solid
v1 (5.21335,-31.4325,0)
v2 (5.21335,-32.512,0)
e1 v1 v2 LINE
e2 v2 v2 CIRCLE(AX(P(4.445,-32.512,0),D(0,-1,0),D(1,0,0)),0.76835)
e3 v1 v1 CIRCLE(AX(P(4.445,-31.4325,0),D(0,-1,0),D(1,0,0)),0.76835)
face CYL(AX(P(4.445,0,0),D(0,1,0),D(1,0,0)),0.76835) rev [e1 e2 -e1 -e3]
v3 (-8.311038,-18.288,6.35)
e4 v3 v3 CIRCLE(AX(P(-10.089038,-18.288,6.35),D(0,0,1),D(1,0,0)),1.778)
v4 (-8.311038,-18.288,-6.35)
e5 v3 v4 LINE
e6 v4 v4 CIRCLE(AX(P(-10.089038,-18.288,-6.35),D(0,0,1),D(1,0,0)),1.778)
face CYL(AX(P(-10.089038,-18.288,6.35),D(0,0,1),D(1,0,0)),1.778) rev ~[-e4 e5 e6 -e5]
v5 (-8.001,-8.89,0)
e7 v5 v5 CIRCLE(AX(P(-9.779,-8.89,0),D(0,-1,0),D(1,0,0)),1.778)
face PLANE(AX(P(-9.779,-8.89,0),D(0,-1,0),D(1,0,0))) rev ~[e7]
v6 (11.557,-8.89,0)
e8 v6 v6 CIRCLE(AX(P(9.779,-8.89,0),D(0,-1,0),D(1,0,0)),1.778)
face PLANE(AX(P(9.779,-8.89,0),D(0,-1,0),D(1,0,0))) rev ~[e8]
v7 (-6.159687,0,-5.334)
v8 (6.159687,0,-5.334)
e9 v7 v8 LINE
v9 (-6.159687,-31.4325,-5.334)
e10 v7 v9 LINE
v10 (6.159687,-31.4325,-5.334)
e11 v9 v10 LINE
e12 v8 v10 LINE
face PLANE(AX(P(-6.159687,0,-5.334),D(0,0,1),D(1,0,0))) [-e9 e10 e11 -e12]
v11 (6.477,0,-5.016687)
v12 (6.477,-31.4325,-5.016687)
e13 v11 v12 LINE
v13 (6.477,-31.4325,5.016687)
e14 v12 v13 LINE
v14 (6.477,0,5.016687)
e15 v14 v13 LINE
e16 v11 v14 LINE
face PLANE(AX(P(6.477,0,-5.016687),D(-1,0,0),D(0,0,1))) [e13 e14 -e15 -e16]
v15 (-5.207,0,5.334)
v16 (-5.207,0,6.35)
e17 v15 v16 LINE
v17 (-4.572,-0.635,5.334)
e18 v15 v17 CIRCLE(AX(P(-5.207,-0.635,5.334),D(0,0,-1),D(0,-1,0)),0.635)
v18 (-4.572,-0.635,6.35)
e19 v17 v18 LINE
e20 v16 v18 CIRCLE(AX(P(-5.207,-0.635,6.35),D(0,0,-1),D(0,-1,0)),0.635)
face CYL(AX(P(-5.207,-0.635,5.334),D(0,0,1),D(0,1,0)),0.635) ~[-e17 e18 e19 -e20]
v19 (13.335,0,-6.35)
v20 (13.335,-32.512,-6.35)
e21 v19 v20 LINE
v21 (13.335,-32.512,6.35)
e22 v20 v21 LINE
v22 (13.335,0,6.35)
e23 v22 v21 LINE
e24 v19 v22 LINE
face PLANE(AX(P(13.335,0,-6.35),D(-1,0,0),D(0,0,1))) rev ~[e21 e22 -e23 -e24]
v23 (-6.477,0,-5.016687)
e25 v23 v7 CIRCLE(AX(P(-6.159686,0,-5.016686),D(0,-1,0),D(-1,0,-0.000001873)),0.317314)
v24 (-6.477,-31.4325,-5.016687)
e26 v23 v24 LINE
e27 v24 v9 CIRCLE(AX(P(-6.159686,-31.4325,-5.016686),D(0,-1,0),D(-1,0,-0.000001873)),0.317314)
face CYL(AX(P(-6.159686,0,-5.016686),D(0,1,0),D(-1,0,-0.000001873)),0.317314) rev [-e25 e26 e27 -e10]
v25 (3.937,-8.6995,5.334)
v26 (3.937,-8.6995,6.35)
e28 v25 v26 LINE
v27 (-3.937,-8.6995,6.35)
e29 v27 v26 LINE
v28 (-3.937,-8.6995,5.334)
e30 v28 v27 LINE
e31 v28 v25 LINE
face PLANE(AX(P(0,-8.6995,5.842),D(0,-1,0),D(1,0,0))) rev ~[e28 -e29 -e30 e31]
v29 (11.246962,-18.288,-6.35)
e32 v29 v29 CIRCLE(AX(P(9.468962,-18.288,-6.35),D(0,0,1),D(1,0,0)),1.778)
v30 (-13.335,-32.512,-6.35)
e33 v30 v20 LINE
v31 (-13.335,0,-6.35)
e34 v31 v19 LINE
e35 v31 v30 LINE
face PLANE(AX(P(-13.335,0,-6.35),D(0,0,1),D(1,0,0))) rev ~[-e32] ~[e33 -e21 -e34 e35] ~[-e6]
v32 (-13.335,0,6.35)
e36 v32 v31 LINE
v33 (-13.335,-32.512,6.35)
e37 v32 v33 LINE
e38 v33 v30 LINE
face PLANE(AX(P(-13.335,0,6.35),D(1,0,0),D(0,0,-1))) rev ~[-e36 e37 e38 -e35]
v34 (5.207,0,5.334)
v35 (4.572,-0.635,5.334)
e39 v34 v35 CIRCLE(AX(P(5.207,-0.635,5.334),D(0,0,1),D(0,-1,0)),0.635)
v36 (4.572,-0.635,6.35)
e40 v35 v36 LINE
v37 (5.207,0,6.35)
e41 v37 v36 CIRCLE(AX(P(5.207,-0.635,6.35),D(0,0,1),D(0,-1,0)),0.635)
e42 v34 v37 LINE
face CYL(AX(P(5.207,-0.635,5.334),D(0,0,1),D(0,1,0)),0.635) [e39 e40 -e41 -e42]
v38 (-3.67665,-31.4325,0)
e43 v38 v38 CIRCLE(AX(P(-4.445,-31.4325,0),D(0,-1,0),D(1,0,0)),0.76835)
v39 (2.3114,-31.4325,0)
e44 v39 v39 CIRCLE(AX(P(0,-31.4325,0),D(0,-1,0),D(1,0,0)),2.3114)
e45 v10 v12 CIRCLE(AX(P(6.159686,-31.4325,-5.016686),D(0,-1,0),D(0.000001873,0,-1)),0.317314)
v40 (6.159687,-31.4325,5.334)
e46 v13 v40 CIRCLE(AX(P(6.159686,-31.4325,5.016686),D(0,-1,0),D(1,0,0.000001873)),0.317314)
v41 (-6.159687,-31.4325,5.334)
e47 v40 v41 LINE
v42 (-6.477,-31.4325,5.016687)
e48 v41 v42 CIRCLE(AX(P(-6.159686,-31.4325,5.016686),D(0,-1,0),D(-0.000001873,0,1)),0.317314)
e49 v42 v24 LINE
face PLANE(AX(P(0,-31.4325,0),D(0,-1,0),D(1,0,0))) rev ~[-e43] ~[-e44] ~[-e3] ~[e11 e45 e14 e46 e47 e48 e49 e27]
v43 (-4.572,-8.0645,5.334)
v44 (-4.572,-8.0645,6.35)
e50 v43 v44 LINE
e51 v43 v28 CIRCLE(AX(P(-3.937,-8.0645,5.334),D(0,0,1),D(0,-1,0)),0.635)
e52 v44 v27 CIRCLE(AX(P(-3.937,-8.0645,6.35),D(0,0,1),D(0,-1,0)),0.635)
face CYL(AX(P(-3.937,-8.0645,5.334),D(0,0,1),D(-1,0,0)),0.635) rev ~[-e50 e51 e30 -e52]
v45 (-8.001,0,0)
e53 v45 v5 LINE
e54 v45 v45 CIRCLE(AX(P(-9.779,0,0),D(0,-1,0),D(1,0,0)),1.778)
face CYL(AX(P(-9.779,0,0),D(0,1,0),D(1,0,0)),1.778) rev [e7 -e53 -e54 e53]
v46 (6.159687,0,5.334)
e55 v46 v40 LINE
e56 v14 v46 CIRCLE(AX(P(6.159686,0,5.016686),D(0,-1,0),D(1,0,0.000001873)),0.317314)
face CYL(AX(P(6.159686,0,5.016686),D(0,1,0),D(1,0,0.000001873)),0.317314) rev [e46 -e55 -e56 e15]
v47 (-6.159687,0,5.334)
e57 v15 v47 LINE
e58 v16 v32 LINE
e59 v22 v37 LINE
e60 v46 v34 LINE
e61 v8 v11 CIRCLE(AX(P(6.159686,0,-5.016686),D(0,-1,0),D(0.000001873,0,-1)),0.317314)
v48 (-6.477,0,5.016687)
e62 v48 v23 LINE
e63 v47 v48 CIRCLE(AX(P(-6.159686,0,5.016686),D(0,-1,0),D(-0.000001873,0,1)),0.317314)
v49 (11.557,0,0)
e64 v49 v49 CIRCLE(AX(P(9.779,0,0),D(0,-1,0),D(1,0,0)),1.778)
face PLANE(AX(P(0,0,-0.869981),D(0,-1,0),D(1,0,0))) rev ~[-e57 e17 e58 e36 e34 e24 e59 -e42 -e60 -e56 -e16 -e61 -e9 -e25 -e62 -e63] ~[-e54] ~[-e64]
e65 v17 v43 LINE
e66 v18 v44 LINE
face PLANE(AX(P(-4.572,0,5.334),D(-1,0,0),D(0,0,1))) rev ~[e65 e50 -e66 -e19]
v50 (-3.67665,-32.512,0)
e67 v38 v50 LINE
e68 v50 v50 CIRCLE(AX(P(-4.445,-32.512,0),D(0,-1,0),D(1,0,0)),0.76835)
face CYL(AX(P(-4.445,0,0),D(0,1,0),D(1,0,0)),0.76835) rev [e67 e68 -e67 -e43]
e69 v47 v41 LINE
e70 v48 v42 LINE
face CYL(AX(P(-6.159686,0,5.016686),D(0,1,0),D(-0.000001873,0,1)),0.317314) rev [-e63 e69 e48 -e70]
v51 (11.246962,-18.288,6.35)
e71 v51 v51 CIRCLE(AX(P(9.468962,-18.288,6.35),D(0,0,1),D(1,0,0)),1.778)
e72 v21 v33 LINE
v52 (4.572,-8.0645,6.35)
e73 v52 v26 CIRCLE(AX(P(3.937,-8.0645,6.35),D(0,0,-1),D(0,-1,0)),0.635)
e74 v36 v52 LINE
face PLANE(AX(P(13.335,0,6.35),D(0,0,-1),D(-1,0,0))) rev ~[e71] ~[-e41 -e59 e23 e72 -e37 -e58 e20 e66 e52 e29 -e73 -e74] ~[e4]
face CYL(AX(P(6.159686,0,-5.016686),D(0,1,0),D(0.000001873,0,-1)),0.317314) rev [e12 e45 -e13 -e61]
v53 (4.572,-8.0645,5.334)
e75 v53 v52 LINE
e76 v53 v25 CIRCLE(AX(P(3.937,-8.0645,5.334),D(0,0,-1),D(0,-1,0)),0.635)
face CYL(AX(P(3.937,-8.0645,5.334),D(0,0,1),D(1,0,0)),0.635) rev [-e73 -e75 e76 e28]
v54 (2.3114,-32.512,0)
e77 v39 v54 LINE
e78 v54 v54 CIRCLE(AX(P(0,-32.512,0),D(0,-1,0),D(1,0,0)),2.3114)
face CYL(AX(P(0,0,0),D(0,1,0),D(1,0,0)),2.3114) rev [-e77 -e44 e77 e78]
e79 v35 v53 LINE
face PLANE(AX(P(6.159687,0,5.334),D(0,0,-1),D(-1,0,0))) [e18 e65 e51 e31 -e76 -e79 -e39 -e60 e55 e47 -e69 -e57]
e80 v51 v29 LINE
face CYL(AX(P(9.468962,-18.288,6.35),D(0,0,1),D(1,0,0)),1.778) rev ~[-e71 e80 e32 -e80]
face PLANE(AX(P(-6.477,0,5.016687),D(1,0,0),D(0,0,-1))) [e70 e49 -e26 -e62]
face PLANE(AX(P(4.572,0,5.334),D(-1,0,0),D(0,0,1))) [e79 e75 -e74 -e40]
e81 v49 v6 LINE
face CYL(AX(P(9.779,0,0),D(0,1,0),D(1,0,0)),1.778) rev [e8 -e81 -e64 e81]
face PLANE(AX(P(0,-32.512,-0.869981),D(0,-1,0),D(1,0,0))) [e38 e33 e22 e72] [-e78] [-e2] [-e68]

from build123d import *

# Parameters (mm, degrees)
F0_R     = 1.778
F0_W     = 9.144
F0_H     = 1.016
F0_R_2   = 0.76835
F0_R_3   = 2.3114
F1_DEPTH = 32.512
F2_DEPTH = 31.4325
F3_DEPTH = 8.6995
F4_DEPTH = 8.89
F5_R     = 1.778
F6_DEPTH = 12.701
F7_R     = 0.635


with BuildPart() as f1:
    # F0 (on Front) → F1 (new body)
    with BuildSketch(Plane.XZ):
        with BuildLine():
            Line((-13.335, -6.35), (13.335, -6.35))
            Line((13.335, -6.35), (13.335, 6.35))
            Line((13.335, 6.35), (4.572, 6.35))
            Line((4.572, 6.35), (4.572, 5.334))
            Line((4.572, 5.334), (6.159687, 5.334))
            ThreePointArc((6.159687, 5.334), (6.384061, 5.241061), (6.477, 5.016687))
            Line((6.477, 5.016687), (6.477, -5.016687))
            ThreePointArc((6.477, -5.016687), (6.384061, -5.241061), (6.159687, -5.334))
            Line((6.159687, -5.334), (-6.159687, -5.334))
            ThreePointArc((-6.159687, -5.334), (-6.384061, -5.241061), (-6.477, -5.016687))
            Line((-6.477, -5.016687), (-6.477, 5.016687))
            ThreePointArc((-6.477, 5.016687), (-6.384061, 5.241061), (-6.159687, 5.334))
            Line((-6.159687, 5.334), (-4.572, 5.334))
            Line((-4.572, 5.334), (-4.572, 6.35))
            Line((-4.572, 6.35), (-13.335, 6.35))
            Line((-13.335, 6.35), (-13.335, -6.35))
        make_face()
        with Locations((-9.779, 0)):
            Circle(F0_R, mode=Mode.SUBTRACT)
        with Locations((9.779, 0)):
            Circle(F0_R, mode=Mode.SUBTRACT)
        with Locations((0, 5.842)):
            Rectangle(F0_W, F0_H)
        with BuildLine():
            Line((6.159687, 5.334), (4.572, 5.334))
            Line((4.572, 5.334), (-4.572, 5.334))
            Line((-4.572, 5.334), (-6.159687, 5.334))
            ThreePointArc((-6.159687, 5.334), (-6.384061, 5.241061), (-6.477, 5.016687))
            Line((-6.477, 5.016687), (-6.477, -5.016687))
            ThreePointArc((-6.477, -5.016687), (-6.384061, -5.241061), (-6.159687, -5.334))
            Line((-6.159687, -5.334), (6.159687, -5.334))
            ThreePointArc((6.159687, -5.334), (6.384061, -5.241061), (6.477, -5.016687))
            Line((6.477, -5.016687), (6.477, 5.016687))
            ThreePointArc((6.477, 5.016687), (6.384061, 5.241061), (6.159687, 5.334))
        make_face()
        with Locations((-4.445, 0)):
            Circle(F0_R_2, mode=Mode.SUBTRACT)
        Circle(F0_R_3, mode=Mode.SUBTRACT)
        with Locations((4.445, 0)):
            Circle(F0_R_2, mode=Mode.SUBTRACT)
        with Locations((-9.779, 0)):
            Circle(F0_R)
        with Locations((9.779, 0)):
            Circle(F0_R)
    extrude(amount=F1_DEPTH)

    # F0 (on Front) → F2 (cut)
    with BuildSketch(Plane.XZ):
        with BuildLine():
            Line((6.159687, 5.334), (4.572, 5.334))
            Line((4.572, 5.334), (-4.572, 5.334))
            Line((-4.572, 5.334), (-6.159687, 5.334))
            ThreePointArc((-6.159687, 5.334), (-6.384061, 5.241061), (-6.477, 5.016687))
            Line((-6.477, 5.016687), (-6.477, -5.016687))
            ThreePointArc((-6.477, -5.016687), (-6.384061, -5.241061), (-6.159687, -5.334))
            Line((-6.159687, -5.334), (6.159687, -5.334))
            ThreePointArc((6.159687, -5.334), (6.384061, -5.241061), (6.477, -5.016687))
            Line((6.477, -5.016687), (6.477, 5.016687))
            ThreePointArc((6.477, 5.016687), (6.384061, 5.241061), (6.159687, 5.334))
        make_face()
        with Locations((-4.445, 0)):
            Circle(F0_R_2, mode=Mode.SUBTRACT)
        Circle(F0_R_3, mode=Mode.SUBTRACT)
        with Locations((4.445, 0)):
            Circle(F0_R_2, mode=Mode.SUBTRACT)
    extrude(amount=F2_DEPTH, mode=Mode.SUBTRACT)

    # F0 (on Front) → F3 (cut)
    with BuildSketch(Plane.XZ):
        with Locations((0, 5.842)):
            Rectangle(F0_W, F0_H)
    extrude(amount=F3_DEPTH, mode=Mode.SUBTRACT)

    # F0 (on Front) → F4 (cut)
    with BuildSketch(Plane.XZ):
        with Locations((9.779, 0)):
            Circle(F0_R)
        with Locations((-9.779, 0)):
            Circle(F0_R)
    extrude(amount=F4_DEPTH, mode=Mode.SUBTRACT)

    # F5 (on face) → F6 (cut, through all)
    with BuildSketch(Plane.XY.offset(6.35)):
        with Locations((-10.089038, -18.288)):
            Circle(F5_R)
        with Locations((9.468962, -18.288)):
            Circle(F5_R)
    extrude(amount=-F6_DEPTH, mode=Mode.SUBTRACT)

    # F7
    f7_edges = [f1.edges().sort_by_distance(p)[0] for p in [
        (-4.572, -8.6995, 5.842),
        (4.572, -8.6995, 5.842),
        (4.572, 0, 5.842),
        (-4.572, 0, 5.842),
    ]]
    fillet(f7_edges, radius=F7_R)


solid = f1.part
